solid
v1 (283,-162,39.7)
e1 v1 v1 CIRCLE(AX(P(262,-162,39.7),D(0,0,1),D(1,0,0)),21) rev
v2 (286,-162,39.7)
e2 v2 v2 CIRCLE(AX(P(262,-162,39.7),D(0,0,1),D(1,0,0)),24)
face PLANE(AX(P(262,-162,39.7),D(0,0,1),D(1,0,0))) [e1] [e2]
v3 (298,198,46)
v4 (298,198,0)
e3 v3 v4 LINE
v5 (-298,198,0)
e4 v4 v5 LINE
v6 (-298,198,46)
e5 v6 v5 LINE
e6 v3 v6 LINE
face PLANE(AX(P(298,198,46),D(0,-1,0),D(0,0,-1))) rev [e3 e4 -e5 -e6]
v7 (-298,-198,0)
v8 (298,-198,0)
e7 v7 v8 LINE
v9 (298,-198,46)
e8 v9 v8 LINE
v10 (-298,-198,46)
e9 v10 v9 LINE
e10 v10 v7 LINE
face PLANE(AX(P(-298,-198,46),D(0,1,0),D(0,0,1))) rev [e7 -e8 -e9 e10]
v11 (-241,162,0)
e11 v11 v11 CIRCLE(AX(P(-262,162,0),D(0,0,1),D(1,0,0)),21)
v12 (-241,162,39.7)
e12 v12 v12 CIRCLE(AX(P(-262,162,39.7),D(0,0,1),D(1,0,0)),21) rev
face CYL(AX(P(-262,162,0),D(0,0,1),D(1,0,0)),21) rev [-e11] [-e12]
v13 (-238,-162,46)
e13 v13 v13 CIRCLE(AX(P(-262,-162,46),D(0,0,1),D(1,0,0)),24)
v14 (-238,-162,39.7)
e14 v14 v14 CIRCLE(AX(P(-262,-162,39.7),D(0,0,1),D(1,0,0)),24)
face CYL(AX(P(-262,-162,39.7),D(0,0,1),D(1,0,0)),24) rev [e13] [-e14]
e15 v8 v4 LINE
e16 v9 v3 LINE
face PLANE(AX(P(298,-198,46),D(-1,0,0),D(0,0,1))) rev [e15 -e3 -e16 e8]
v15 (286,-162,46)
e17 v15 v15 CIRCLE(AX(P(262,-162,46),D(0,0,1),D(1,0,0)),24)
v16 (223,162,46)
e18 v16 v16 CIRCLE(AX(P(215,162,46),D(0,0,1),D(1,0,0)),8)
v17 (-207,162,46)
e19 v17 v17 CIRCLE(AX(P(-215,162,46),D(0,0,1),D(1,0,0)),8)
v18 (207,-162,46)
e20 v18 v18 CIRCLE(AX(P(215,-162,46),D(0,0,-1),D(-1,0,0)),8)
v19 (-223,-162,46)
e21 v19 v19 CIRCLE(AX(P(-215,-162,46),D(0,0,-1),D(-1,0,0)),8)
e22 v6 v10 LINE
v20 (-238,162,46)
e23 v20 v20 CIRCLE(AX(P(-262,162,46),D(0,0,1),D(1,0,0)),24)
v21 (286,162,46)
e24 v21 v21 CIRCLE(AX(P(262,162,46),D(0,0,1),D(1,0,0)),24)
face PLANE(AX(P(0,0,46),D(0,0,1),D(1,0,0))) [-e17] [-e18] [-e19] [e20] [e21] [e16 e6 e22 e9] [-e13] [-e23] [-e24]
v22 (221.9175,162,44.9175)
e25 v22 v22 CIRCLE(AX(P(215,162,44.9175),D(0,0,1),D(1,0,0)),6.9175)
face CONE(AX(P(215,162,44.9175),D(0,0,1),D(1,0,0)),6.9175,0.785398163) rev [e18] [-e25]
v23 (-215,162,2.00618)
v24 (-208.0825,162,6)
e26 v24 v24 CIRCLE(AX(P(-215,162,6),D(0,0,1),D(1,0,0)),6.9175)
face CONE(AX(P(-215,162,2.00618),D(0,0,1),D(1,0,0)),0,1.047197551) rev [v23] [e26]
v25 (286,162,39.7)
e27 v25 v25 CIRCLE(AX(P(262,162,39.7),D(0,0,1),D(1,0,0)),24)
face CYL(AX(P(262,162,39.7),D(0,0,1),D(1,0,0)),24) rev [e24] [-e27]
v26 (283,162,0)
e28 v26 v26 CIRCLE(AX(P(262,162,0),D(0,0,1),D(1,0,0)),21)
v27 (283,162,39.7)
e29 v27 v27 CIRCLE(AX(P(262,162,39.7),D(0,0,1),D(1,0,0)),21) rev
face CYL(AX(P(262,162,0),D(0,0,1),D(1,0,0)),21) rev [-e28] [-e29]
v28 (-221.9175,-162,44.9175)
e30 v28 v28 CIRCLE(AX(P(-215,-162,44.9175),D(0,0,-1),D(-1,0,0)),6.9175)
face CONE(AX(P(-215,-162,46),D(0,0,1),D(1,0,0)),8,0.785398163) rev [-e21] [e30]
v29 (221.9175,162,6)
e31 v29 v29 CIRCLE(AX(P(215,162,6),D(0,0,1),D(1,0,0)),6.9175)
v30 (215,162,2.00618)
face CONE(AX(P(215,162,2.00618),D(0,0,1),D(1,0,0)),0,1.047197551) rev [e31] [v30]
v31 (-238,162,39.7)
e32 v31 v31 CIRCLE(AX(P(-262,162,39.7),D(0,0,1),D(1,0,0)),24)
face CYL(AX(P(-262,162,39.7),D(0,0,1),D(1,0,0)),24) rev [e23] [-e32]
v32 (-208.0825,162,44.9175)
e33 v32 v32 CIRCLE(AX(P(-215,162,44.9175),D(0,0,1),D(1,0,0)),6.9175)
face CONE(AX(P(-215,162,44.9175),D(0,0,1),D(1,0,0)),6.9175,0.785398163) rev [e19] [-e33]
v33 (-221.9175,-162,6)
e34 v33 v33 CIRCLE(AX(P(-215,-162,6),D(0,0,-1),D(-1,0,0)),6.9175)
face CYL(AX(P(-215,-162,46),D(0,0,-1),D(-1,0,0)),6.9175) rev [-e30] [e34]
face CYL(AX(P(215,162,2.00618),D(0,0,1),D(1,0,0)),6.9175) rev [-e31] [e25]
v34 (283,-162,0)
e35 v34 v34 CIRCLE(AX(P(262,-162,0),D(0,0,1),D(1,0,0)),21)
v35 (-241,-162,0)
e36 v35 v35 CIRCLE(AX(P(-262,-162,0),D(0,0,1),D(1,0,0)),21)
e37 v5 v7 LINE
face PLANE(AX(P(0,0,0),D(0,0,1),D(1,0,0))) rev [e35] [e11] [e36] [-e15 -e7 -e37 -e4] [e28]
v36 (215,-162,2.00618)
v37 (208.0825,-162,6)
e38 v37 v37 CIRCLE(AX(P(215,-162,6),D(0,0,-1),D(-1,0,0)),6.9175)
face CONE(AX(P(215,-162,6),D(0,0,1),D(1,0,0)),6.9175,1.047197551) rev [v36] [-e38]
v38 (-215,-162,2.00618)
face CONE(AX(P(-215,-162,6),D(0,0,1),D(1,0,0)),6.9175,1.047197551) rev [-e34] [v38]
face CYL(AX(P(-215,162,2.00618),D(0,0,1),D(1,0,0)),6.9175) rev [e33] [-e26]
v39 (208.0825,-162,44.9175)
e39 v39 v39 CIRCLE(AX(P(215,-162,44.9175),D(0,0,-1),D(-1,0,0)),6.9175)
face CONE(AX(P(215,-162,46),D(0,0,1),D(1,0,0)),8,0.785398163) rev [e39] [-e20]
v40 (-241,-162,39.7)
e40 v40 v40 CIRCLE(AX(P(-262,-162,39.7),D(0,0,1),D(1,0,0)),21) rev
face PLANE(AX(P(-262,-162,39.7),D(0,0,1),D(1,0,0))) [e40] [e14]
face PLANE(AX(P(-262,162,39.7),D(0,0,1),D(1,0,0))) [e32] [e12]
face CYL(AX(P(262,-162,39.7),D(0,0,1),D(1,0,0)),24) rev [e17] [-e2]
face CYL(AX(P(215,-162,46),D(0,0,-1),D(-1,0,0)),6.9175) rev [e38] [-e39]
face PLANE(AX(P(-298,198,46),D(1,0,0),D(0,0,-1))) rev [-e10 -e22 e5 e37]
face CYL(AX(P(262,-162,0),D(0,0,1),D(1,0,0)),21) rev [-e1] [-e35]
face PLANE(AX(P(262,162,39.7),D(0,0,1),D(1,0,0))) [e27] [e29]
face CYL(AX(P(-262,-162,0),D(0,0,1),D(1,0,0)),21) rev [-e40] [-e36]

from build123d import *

# Parameters (mm, degrees)
SZKIC1_W                    = 596
SZKIC1_H                    = 396
DODANIE_WYCI_GNI_CIE1_DEPTH = 46
SZKIC2_R                    = 21
WYTNIJ_WYCI_GNI_CIE1_DEPTH  = 46
SZKIC3_R                    = 21
WYTNIJ_WYCI_GNI_CIE2_DEPTH  = 46
SZKIC4_R                    = 21
WYTNIJ_WYCI_GNI_CIE3_DEPTH  = 46
SZKIC5_R                    = 21
WYTNIJ_WYCI_GNI_CIE4_DEPTH  = 46
SZKIC6_R                    = 24
WYTNIJ_WYCI_GNI_CIE5_DEPTH  = 6.3
SZKIC7_R                    = 24
WYTNIJ_WYCI_GNI_CIE6_DEPTH  = 6.3
SZKIC8_R                    = 24
WYTNIJ_WYCI_GNI_CIE7_DEPTH  = 6.3
SZKIC9_R                    = 24
WYTNIJ_WYCI_GNI_CIE8_DEPTH  = 6.3


with BuildPart() as part:
    # Szkic1 → Dodanie-wyciągnięcie1 (new body)
    with BuildSketch(Plane.XY):
        Rectangle(SZKIC1_W, SZKIC1_H)
    extrude(amount=DODANIE_WYCI_GNI_CIE1_DEPTH)

    # Szkic2 → Wytnij-wyciągnięcie1 (cut)
    with BuildSketch(Plane.XY.offset(46)):
        with Locations((262, 162)):
            Circle(SZKIC2_R)
    extrude(amount=-WYTNIJ_WYCI_GNI_CIE1_DEPTH, mode=Mode.SUBTRACT)

    # Szkic3 → Wytnij-wyciągnięcie2 (cut)
    with BuildSketch(Plane.XY.offset(46)):
        with Locations((262, -162)):
            Circle(SZKIC3_R)
    extrude(amount=-WYTNIJ_WYCI_GNI_CIE2_DEPTH, mode=Mode.SUBTRACT)

    # Szkic4 → Wytnij-wyciągnięcie3 (cut)
    with BuildSketch(Plane.XY.offset(46)):
        with Locations((-262, -162)):
            Circle(SZKIC4_R)
    extrude(amount=-WYTNIJ_WYCI_GNI_CIE3_DEPTH, mode=Mode.SUBTRACT)

    # Szkic5 → Wytnij-wyciągnięcie4 (cut)
    with BuildSketch(Plane.XY.offset(46)):
        with Locations((-262, 162)):
            Circle(SZKIC5_R)
    extrude(amount=-WYTNIJ_WYCI_GNI_CIE4_DEPTH, mode=Mode.SUBTRACT)

    # Szkic6 → Wytnij-wyciągnięcie5 (cut)
    with BuildSketch(Plane.XY.offset(46)):
        with Locations((-262, 162)):
            Circle(SZKIC6_R)
    extrude(amount=-WYTNIJ_WYCI_GNI_CIE5_DEPTH, mode=Mode.SUBTRACT)

    # Szkic7 → Wytnij-wyciągnięcie6 (cut)
    with BuildSketch(Plane.XY.offset(46)):
        with Locations((262, 162)):
            Circle(SZKIC7_R)
    extrude(amount=-WYTNIJ_WYCI_GNI_CIE6_DEPTH, mode=Mode.SUBTRACT)

    # Szkic8 → Wytnij-wyciągnięcie7 (cut)
    with BuildSketch(Plane.XY.offset(46)):
        with Locations((-262, -162)):
            Circle(SZKIC8_R)
    extrude(amount=-WYTNIJ_WYCI_GNI_CIE7_DEPTH, mode=Mode.SUBTRACT)

    # Szkic9 → Wytnij-wyciągnięcie8 (cut)
    with BuildSketch(Plane.XY.offset(46)):
        with Locations((262, -162)):
            Circle(SZKIC9_R)
    extrude(amount=-WYTNIJ_WYCI_GNI_CIE8_DEPTH, mode=Mode.SUBTRACT)

    # Szkic10 → Wycięcie-obrót1 (revolve, cut)
    with BuildSketch(Plane(origin=(-215, 0, 0), x_dir=(0, 0, -1), z_dir=(1, 0, 0))):
        Polygon((-46, 162), (-46, 170), (-44.9175, 168.9175), (-6, 168.9175), (-2.006179513, 162), align=None)
    revolve(axis=Axis((-215, 162, 2.006179513), (0, 0, 1)), mode=Mode.SUBTRACT)

    # Szkic11 → Wycięcie-obrót2 (revolve, cut)
    with BuildSketch(Plane(origin=(-215, 0, 0), x_dir=(0, 0, -1), z_dir=(1, 0, 0))):
        Polygon((-2.006179513, -162), (-6, -168.9175), (-44.9175, -168.9175), (-46, -170), (-46, -162), align=None)
    revolve(axis=Axis((-215, -162, 46), (0, 0, -1)), mode=Mode.SUBTRACT)

    # Szkic12 → Wycięcie-obrót3 (revolve, cut)
    with BuildSketch(Plane(origin=(215, 0, 0), x_dir=(0, 0, -1), z_dir=(1, 0, 0))):
        Polygon((-46, 162), (-46, 170), (-44.9175, 168.9175), (-6, 168.9175), (-2.006179513, 162), align=None)
    revolve(axis=Axis((215, 162, 2.006179513), (0, 0, 1)), mode=Mode.SUBTRACT)

    # Szkic13 → Wycięcie-obrót4 (revolve, cut)
    with BuildSketch(Plane(origin=(215, 0, 0), x_dir=(0, 0, -1), z_dir=(1, 0, 0))):
        Polygon((-2.006179513, -162), (-6, -168.9175), (-44.9175, -168.9175), (-46, -170), (-46, -162), align=None)
    revolve(axis=Axis((215, -162, 46), (0, 0, -1)), mode=Mode.SUBTRACT)


solid = part.part
